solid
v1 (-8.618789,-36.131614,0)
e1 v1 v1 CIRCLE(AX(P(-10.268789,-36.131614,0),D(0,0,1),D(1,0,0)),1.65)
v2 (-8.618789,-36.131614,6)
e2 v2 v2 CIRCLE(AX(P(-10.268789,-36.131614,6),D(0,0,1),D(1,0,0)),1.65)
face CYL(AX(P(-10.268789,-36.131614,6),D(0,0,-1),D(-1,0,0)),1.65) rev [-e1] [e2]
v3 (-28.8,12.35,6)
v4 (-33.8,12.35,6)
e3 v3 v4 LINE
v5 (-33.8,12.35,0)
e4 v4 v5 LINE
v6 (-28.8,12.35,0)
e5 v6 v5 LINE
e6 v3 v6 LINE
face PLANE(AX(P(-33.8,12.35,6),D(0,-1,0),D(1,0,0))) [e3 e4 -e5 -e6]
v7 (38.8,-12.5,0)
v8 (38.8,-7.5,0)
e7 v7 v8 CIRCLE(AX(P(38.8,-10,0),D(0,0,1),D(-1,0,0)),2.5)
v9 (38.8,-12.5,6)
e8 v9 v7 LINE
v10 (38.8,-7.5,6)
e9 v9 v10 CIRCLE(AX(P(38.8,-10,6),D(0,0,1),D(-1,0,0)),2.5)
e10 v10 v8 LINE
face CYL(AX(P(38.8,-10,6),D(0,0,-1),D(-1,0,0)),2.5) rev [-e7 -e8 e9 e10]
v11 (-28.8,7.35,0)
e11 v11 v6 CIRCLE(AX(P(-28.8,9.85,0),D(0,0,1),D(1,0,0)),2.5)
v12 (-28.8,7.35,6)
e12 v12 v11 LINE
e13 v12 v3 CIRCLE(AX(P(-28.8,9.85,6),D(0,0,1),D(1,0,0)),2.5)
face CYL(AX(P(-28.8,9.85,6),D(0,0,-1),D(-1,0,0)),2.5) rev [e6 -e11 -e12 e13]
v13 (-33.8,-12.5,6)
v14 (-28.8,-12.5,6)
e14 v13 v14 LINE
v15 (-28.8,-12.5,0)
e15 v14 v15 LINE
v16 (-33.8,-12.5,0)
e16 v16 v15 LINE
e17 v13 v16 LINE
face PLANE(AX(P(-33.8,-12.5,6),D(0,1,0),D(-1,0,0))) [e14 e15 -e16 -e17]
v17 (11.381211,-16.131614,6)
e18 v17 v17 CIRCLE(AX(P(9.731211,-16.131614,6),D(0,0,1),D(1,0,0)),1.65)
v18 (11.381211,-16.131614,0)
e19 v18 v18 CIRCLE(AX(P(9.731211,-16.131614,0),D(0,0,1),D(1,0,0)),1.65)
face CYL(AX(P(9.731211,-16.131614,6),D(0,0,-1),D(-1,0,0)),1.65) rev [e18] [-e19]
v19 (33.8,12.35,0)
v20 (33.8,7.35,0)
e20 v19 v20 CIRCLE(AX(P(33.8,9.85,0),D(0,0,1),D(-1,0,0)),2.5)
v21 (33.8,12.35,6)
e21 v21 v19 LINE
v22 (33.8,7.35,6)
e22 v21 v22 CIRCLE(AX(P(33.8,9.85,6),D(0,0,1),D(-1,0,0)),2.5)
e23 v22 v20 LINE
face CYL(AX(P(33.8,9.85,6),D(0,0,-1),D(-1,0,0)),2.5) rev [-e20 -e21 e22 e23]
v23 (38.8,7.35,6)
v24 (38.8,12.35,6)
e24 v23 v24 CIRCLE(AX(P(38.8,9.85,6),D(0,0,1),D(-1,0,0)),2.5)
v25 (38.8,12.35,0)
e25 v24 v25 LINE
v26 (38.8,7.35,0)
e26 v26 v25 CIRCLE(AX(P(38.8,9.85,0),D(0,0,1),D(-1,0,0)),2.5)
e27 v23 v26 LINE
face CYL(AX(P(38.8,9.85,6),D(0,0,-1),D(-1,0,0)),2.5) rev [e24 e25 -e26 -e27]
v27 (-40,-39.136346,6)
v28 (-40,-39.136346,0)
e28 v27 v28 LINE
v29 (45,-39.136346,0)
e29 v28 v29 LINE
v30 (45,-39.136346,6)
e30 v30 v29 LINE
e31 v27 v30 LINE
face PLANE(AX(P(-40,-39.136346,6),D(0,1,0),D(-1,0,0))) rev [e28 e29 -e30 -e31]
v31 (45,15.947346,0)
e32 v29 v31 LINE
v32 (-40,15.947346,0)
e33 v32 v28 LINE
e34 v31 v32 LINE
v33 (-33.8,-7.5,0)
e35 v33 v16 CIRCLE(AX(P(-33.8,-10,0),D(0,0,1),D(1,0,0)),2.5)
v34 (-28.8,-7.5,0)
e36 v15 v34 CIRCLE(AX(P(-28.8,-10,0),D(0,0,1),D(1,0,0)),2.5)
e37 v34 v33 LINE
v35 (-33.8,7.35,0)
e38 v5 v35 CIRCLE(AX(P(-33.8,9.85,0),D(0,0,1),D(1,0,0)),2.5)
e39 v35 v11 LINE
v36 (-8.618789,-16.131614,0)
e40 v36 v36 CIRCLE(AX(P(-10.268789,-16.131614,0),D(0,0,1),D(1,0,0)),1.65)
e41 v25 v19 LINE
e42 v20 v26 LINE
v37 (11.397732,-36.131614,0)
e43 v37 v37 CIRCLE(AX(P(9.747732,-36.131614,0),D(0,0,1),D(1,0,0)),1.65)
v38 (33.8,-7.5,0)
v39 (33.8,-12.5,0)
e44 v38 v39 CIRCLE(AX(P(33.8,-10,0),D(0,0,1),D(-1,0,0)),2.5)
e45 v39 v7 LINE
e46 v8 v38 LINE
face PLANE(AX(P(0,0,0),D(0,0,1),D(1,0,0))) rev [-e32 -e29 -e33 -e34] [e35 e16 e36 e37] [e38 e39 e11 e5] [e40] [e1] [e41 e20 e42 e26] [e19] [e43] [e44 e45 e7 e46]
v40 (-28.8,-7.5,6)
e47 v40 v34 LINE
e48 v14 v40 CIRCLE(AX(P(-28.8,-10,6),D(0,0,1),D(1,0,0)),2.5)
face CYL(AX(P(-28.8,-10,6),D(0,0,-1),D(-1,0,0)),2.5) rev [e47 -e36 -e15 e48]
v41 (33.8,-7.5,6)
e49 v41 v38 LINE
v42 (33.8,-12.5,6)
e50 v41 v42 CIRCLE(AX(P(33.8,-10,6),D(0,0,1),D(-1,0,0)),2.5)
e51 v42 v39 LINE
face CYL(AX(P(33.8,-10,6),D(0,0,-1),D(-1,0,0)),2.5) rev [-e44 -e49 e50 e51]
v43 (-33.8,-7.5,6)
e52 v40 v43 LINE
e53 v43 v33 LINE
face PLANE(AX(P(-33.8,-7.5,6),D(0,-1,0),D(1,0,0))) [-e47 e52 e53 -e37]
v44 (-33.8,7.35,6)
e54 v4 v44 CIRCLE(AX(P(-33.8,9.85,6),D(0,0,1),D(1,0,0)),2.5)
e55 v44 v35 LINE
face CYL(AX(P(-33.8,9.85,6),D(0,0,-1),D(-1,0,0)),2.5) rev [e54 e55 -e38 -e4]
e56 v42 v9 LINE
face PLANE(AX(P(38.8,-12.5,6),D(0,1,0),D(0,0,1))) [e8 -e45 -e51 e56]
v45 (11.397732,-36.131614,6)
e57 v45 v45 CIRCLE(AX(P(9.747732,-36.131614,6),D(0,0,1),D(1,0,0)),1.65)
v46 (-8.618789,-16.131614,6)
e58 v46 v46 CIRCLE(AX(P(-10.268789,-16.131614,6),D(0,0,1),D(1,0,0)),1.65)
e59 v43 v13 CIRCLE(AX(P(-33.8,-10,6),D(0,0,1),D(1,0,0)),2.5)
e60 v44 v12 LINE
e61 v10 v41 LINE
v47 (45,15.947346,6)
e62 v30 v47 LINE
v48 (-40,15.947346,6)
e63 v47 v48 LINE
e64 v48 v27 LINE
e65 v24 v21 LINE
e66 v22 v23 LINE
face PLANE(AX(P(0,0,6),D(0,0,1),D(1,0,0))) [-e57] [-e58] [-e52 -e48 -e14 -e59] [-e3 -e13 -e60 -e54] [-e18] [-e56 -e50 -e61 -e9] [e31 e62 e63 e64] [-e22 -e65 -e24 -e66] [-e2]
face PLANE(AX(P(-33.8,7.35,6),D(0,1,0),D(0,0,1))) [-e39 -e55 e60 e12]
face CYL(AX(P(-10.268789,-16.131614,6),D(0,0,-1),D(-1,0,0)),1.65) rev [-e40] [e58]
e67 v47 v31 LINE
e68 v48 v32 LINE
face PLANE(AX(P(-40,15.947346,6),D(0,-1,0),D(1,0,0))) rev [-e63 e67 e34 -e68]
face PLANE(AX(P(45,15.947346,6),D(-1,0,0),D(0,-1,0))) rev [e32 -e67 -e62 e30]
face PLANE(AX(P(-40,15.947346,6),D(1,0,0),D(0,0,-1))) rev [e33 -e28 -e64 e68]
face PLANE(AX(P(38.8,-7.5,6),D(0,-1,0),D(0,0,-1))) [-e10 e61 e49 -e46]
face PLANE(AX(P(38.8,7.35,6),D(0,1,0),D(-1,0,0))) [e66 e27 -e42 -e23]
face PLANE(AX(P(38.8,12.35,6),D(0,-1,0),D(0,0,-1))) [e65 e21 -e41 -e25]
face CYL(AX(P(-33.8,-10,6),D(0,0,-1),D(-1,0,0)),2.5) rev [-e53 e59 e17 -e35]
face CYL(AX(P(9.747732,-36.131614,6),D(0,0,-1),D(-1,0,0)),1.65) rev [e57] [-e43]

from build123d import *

# Parameters (mm, degrees)
SKETCH2_W           = 85
SKETCH2_H           = 55.083692651
SKETCH2_R           = 1.65
BOSS_EXTRUDE1_DEPTH = 6


with BuildPart() as part:
    # Sketch2 → Boss-Extrude1 (new body)
    with BuildSketch(Plane.XY):
        with Locations((2.5, -11.594499981)):
            Rectangle(SKETCH2_W, SKETCH2_H)
        with Locations((-10.268789461, -16.131613602)):
            Circle(SKETCH2_R, mode=Mode.SUBTRACT)
        with Locations((9.731210539, -16.131613602)):
            Circle(SKETCH2_R, mode=Mode.SUBTRACT)
        with Locations((-10.268789461, -36.131613602)):
            Circle(SKETCH2_R, mode=Mode.SUBTRACT)
        with Locations((9.747732282, -36.131613602)):
            Circle(SKETCH2_R, mode=Mode.SUBTRACT)
        with BuildLine():
            Line((-33.8, 12.35), (-28.8, 12.35))
            ThreePointArc((-28.8, 12.35), (-26.3, 9.85), (-28.8, 7.35))
            Line((-28.8, 7.35), (-33.8, 7.35))
            ThreePointArc((-33.8, 7.35), (-36.3, 9.85), (-33.8, 12.35))
        make_face(mode=Mode.SUBTRACT)
        with BuildLine():
            Line((-33.8, -7.5), (-28.8, -7.5))
            ThreePointArc((-28.8, -7.5), (-26.3, -10), (-28.8, -12.5))
            Line((-28.8, -12.5), (-33.8, -12.5))
            ThreePointArc((-33.8, -12.5), (-36.3, -10), (-33.8, -7.5))
        make_face(mode=Mode.SUBTRACT)
        with BuildLine():
            Line((38.8, 12.35), (33.8, 12.35))
            ThreePointArc((33.8, 12.35), (31.3, 9.85), (33.8, 7.35))
            Line((33.8, 7.35), (38.8, 7.35))
            ThreePointArc((38.8, 7.35), (41.3, 9.85), (38.8, 12.35))
        make_face(mode=Mode.SUBTRACT)
        with BuildLine():
            Line((38.8, -7.5), (33.8, -7.5))
            ThreePointArc((33.8, -7.5), (31.3, -10), (33.8, -12.5))
            Line((33.8, -12.5), (38.8, -12.5))
            ThreePointArc((38.8, -12.5), (41.3, -10), (38.8, -7.5))
        make_face(mode=Mode.SUBTRACT)
    extrude(amount=BOSS_EXTRUDE1_DEPTH)


solid = part.part
